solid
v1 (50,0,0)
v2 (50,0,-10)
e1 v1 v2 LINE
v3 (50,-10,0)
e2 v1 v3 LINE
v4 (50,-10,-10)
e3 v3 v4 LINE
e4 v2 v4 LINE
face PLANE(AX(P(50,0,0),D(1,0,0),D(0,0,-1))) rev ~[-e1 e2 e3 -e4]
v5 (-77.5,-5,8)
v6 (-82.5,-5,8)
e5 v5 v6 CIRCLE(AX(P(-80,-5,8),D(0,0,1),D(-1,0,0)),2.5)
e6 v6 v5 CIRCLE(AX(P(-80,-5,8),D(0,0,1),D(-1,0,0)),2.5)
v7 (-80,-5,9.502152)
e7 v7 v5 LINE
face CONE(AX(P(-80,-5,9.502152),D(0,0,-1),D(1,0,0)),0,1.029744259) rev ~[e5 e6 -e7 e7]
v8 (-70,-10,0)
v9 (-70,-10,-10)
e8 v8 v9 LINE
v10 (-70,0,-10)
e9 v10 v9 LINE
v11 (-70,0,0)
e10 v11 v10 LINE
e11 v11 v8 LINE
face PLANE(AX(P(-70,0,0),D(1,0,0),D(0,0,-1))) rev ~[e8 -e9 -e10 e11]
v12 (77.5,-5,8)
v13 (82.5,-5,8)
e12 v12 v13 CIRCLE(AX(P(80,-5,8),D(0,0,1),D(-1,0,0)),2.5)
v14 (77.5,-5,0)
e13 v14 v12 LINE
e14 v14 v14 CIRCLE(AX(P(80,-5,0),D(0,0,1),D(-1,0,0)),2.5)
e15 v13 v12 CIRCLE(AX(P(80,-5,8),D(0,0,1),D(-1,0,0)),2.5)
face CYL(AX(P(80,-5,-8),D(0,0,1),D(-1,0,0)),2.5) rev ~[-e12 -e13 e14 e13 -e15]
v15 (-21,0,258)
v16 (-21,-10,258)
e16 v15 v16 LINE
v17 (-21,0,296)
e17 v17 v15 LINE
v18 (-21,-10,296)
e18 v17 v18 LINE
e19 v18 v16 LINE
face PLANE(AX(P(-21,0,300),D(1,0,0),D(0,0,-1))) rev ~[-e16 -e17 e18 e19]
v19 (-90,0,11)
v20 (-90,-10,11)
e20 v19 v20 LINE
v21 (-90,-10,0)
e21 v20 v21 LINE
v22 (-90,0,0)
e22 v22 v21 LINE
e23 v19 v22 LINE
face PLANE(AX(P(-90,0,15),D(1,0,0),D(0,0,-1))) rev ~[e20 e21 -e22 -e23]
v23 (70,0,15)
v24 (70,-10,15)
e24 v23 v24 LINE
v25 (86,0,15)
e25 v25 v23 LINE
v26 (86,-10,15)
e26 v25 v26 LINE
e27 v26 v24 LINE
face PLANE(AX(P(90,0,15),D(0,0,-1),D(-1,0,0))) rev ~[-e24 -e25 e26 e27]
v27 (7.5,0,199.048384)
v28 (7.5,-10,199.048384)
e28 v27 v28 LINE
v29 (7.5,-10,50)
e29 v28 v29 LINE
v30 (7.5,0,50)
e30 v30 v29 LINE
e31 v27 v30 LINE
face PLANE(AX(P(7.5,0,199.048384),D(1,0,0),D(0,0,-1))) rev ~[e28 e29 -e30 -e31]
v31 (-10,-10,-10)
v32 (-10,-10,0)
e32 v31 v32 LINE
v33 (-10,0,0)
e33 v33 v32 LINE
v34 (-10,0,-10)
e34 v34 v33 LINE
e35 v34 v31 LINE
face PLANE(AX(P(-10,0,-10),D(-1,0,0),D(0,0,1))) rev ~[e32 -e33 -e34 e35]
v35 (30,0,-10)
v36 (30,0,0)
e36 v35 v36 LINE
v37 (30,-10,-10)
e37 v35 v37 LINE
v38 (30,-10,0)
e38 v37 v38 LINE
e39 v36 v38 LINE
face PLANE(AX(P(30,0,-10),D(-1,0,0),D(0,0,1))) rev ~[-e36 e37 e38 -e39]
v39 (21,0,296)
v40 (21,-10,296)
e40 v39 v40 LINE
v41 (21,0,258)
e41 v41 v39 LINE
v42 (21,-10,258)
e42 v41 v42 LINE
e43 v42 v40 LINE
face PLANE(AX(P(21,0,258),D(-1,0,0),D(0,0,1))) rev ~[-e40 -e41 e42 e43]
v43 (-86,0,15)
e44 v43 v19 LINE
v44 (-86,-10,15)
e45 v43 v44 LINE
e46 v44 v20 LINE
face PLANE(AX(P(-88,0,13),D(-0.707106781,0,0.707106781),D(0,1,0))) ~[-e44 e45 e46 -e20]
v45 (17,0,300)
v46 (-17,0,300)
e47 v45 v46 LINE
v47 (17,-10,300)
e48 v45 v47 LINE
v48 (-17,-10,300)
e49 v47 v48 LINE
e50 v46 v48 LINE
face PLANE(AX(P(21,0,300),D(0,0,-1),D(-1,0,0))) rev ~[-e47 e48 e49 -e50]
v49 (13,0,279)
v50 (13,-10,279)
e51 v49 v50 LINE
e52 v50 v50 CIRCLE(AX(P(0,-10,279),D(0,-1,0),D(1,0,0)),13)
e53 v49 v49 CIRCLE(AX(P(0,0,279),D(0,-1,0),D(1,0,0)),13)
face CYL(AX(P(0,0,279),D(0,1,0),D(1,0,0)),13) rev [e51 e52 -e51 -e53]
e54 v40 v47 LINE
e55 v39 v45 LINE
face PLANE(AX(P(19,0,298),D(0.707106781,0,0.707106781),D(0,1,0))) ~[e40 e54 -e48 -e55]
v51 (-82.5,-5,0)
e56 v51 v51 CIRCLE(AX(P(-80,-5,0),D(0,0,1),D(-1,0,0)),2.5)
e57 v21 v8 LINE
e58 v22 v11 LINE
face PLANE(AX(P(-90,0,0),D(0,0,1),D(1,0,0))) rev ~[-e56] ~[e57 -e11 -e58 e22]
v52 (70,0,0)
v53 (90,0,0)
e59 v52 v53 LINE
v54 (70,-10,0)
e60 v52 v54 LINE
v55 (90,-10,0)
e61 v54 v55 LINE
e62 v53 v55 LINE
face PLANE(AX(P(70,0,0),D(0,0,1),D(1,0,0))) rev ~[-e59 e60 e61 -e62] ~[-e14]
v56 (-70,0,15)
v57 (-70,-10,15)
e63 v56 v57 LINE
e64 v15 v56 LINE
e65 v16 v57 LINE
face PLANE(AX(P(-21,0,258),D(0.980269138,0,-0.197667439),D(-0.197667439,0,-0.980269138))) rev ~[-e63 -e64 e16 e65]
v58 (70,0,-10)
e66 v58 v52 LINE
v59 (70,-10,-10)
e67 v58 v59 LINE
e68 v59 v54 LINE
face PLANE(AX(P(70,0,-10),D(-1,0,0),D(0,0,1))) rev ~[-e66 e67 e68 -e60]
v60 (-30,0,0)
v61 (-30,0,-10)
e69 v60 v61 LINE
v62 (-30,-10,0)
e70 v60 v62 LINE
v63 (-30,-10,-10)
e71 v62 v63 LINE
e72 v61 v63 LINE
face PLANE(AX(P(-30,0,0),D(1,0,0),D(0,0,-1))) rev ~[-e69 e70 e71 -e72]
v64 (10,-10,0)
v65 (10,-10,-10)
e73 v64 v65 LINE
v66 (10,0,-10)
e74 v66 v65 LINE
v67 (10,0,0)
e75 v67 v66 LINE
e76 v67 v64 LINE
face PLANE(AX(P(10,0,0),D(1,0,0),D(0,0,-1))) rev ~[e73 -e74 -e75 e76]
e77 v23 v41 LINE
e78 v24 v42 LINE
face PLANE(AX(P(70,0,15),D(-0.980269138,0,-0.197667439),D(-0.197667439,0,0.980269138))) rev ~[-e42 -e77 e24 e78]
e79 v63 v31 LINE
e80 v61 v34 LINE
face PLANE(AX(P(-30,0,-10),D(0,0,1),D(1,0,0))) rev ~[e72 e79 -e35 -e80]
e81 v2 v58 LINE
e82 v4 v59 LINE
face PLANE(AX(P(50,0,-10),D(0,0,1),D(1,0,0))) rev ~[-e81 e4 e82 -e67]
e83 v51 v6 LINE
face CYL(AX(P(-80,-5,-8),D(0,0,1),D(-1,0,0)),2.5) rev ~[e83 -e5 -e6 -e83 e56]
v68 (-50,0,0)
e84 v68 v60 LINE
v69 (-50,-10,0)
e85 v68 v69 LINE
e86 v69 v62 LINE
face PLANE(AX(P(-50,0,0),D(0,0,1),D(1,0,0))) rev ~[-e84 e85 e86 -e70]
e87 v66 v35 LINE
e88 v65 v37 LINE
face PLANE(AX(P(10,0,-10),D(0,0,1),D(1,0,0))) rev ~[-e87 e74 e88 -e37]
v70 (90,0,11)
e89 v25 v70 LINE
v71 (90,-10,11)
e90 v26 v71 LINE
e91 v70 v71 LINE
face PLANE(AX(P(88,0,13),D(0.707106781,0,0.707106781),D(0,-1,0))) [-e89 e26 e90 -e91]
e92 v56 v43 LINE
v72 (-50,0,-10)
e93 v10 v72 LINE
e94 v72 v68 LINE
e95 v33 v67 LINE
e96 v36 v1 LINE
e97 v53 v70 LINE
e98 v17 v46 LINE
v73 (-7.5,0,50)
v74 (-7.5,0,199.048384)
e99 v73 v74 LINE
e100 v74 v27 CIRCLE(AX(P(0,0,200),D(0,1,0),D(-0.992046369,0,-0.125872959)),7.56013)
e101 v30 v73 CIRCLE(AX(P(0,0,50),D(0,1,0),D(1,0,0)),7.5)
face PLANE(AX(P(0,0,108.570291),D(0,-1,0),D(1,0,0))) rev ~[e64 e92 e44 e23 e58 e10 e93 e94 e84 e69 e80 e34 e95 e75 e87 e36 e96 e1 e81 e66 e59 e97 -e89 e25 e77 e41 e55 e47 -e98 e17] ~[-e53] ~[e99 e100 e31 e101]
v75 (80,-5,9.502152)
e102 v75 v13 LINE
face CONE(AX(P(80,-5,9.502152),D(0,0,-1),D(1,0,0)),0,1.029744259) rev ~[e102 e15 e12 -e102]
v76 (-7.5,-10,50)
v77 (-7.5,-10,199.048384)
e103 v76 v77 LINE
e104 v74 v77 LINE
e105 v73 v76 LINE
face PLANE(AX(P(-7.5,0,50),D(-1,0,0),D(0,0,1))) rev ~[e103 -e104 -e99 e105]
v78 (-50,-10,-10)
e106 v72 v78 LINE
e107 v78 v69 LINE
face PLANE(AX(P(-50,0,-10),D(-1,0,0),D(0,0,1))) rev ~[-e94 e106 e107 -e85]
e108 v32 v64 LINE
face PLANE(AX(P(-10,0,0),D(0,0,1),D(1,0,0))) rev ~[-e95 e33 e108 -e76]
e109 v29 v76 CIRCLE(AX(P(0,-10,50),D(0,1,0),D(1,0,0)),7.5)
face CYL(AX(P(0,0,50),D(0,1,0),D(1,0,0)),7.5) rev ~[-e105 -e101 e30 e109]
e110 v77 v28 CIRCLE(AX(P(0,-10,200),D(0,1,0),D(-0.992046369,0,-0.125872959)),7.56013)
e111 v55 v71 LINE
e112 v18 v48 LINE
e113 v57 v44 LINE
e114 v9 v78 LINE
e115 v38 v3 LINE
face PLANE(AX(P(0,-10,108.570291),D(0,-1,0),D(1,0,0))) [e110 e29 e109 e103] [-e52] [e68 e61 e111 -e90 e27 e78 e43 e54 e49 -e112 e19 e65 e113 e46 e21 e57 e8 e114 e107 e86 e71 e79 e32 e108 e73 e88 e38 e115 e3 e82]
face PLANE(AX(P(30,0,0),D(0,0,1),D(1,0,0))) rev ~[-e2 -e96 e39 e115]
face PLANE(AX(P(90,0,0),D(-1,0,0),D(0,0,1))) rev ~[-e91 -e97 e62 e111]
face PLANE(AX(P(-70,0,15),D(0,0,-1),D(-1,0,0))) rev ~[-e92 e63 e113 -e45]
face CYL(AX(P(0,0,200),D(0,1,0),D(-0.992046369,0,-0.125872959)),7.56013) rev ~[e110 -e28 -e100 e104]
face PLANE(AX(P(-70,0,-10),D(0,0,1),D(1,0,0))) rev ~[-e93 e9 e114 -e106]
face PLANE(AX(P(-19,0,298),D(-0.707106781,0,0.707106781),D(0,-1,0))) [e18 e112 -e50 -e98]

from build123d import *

# Parameters (mm, degrees)
F0_R     = 13
F1_DEPTH = 10
F2_SIZE  = 4
F3_SIZE  = 4
F5_D     = 5
F5_DEPTH = 8
F5_TIP   = 1.5021515476


with BuildPart() as f1:
    # F0 (on Front) → F1 (new body)
    with BuildSketch(Plane.XZ):
        Polygon((-10, 0), (0, 0), (10, 0), (10, -10), (30, -10), (30, 0), (50, 0), (50, -10), (70, -10), (70, 0), (90, 0), (90, 15), (70, 15), (21, 258), (21, 300), (0, 300), (-21, 300), (-21, 258), (-70, 15), (-90, 15), (-90, 0), (-70, 0), (-70, -10), (-50, -10), (-50, 0), (-30, 0), (-30, -10), (-10, -10), align=None)
        with BuildLine():
            ThreePointArc((7.5, 50), (0, 42.5), (-7.5, 50))
            Line((-7.5, 50), (-7.5, 199.0483840028))
            ThreePointArc((-7.5, 199.0483840028), (0, 207.5601304887), (7.5, 199.0483840028))
            Line((7.5, 199.0483840028), (7.5, 50))
        make_face(mode=Mode.SUBTRACT)
        with Locations((0, 279)):
            Circle(F0_R, mode=Mode.SUBTRACT)
    extrude(amount=F1_DEPTH)

    # F2
    f2_edges = [f1.edges().sort_by_distance(p)[0] for p in [
        (21, -5, 300),
        (-21, -5, 300),
    ]]
    chamfer(f2_edges, length=F2_SIZE)

    # F3
    f3_edges = [f1.edges().sort_by_distance(p)[0] for p in [
        (-90, -5, 15),
        (90, -5, 15),
    ]]
    chamfer(f3_edges, length=F3_SIZE)

    # F5
    with Locations(Plane(origin=(0, 0, 0), x_dir=(1, 0, 0), z_dir=(0, 0, -1))):
        with Locations((-80, 5), (80, 5)):
            Hole(F5_D / 2, depth=F5_DEPTH)
            with Locations((0, 0, -(F5_DEPTH + F5_TIP / 2))):  # 118° drill point
                Cone(0, F5_D / 2, F5_TIP, mode=Mode.SUBTRACT)


solid = f1.part
